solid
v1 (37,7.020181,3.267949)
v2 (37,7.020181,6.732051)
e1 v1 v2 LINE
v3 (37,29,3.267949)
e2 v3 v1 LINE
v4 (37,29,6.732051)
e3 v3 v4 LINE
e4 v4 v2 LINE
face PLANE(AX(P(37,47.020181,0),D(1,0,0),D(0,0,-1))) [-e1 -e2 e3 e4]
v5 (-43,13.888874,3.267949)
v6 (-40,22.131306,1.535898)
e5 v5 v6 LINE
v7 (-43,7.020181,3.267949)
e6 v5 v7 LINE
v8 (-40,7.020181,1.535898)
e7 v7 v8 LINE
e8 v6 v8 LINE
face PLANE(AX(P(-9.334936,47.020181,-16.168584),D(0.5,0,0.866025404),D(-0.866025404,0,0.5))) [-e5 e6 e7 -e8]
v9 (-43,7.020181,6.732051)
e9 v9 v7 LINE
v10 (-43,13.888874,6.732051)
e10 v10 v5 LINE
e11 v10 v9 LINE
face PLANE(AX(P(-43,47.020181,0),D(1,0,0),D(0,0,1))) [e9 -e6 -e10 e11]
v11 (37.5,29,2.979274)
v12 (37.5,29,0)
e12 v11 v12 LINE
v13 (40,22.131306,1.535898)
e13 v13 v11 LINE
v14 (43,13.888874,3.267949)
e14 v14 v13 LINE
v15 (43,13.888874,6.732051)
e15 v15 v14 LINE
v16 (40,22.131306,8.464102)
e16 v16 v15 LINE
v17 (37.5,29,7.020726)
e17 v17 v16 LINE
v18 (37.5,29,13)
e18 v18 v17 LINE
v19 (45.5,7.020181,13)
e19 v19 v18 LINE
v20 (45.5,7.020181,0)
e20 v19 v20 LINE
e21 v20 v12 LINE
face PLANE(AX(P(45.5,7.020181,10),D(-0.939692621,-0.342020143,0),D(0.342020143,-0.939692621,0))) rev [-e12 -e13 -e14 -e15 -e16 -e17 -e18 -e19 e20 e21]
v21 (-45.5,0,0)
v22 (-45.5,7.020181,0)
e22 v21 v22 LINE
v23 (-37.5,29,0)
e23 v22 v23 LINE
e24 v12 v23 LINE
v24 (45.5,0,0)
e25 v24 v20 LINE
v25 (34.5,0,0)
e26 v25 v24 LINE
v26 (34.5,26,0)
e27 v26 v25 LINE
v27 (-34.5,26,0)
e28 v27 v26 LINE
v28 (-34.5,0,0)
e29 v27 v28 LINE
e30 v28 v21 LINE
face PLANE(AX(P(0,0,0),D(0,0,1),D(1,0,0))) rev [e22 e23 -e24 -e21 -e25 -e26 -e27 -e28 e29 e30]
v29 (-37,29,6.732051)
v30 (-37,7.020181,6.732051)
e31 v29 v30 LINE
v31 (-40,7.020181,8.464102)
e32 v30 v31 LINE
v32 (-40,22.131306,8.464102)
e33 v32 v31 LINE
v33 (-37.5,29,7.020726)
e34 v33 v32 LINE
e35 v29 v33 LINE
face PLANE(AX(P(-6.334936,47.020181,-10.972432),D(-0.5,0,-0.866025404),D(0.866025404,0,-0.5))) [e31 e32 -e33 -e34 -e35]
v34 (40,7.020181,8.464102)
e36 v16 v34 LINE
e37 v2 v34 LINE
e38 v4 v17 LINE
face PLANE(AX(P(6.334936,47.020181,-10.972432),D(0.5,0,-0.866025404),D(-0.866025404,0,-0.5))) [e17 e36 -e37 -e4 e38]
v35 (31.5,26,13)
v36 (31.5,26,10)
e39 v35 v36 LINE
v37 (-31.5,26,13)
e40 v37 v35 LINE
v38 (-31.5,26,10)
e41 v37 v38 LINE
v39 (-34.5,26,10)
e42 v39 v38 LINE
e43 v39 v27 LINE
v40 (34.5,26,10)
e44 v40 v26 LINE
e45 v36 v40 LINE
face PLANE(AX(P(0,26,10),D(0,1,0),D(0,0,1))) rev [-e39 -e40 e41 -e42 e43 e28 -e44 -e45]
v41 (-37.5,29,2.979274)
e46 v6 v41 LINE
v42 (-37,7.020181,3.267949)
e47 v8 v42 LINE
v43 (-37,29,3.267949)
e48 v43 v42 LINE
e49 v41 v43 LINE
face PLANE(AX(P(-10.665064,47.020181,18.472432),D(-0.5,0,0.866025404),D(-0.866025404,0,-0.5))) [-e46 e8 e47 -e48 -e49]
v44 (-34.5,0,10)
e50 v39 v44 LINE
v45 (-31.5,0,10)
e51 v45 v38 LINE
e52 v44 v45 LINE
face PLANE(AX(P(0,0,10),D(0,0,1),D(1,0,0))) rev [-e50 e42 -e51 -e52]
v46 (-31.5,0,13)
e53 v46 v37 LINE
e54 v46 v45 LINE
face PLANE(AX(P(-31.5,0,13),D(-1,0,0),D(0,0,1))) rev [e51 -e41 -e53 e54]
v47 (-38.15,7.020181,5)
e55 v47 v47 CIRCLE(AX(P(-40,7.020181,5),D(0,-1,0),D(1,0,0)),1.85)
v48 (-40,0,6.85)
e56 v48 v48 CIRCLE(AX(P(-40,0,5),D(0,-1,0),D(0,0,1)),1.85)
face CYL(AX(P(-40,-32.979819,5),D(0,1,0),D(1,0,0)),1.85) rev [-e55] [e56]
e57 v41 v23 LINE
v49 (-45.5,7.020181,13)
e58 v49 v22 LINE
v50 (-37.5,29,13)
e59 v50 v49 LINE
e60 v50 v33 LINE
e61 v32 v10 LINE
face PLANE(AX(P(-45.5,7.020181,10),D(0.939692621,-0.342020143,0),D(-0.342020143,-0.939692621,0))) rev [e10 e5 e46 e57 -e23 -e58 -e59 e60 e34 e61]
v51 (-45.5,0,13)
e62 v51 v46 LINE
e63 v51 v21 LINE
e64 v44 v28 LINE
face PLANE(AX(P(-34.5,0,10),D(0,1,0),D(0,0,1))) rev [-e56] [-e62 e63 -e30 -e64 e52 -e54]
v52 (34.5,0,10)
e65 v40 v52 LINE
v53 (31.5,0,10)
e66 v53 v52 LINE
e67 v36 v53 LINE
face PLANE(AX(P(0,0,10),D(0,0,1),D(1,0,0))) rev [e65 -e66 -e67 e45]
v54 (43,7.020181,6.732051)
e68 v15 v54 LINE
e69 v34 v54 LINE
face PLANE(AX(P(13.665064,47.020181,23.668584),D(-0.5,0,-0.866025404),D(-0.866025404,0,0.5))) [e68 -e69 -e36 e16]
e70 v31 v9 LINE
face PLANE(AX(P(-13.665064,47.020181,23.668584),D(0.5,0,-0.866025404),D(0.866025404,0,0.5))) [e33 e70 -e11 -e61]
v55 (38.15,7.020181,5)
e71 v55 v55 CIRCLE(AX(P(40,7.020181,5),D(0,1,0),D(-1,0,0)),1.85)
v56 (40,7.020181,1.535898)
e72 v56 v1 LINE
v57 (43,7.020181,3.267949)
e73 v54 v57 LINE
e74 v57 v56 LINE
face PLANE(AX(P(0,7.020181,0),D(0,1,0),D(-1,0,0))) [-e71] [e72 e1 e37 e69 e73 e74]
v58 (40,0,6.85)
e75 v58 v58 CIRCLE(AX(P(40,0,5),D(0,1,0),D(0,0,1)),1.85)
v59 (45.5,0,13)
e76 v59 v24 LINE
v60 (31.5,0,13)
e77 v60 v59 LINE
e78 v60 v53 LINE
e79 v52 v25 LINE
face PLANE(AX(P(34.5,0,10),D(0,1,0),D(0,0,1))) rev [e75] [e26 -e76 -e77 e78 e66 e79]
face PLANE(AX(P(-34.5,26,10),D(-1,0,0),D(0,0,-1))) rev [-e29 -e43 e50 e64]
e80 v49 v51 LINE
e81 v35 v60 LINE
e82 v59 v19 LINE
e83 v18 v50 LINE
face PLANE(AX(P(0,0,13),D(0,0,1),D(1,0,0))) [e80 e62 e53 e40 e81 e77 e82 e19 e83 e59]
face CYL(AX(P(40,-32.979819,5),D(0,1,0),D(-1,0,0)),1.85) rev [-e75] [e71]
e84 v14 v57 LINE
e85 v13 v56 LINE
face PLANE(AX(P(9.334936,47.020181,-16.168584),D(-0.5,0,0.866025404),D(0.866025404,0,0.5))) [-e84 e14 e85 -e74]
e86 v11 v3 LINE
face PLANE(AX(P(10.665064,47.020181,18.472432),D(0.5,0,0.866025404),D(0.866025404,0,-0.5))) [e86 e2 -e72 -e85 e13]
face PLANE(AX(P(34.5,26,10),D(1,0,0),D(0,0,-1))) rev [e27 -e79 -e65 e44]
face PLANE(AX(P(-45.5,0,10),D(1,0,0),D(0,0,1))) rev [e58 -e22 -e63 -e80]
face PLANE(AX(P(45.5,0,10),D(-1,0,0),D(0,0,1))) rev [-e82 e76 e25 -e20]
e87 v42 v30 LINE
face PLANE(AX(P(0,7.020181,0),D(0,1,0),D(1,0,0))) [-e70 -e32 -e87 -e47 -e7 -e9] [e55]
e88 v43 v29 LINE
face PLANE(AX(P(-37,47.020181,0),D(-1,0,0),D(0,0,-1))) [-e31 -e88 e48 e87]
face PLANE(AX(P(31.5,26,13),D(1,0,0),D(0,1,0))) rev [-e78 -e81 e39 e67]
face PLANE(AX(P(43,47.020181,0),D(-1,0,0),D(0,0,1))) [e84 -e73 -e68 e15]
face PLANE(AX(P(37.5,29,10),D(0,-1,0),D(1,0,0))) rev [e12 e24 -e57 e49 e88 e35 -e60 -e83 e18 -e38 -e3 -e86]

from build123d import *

# Parameters (mm, degrees)
BOSS_EXTRUDE1_DEPTH = 10
CUT_EXTRUDE1_DEPTH  = 40
SKETCH2_3_R         = 1.85
CUT_EXTRUDE2_DEPTH  = 40
BOSS_EXTRUDE2_DEPTH = 3


with BuildPart() as part:
    # Sketch1 → Boss-Extrude1 (new body)
    with BuildSketch(Plane.XY):
        Polygon((0, 26), (34.5, 26), (34.5, 0), (45.5, 0), (45.5, 7.020180644), (37.5, 29), (0, 29), align=None)
    extrude(amount=BOSS_EXTRUDE1_DEPTH)

    # Sketch2 → Cut-Extrude1 (cut)
    with BuildSketch(Plane(origin=(0, 7.020180644, 0), x_dir=(1, 0, 0), z_dir=(0, 1, 0))):
        Polygon((37, -6.732050808), (40, -8.464101615), (43, -6.732050808), (43, -3.267949192), (40, -1.535898385), (37, -3.267949192), align=None)
    extrude(amount=CUT_EXTRUDE1_DEPTH, mode=Mode.SUBTRACT)

    # Sketch2<3> → Cut-Extrude2 (cut)
    with BuildSketch(Plane(origin=(0, 7.020180644, 0), x_dir=(1, 0, 0), z_dir=(0, 1, 0))):
        with Locations((40, -5)):
            Circle(SKETCH2_3_R)
    extrude(amount=-CUT_EXTRUDE2_DEPTH, mode=Mode.SUBTRACT)

    # Mirror1: part across plane


with BuildPart() as part_1:
    add(part.part)
    add(part.part.mirror(Plane(origin=(0, 29, 10), x_dir=(0, 0, 1), z_dir=(1, 0, 0))))

    # Sketch3 → Boss-Extrude2 (add)
    with BuildSketch(Plane.XY.offset(10)):
        Polygon((31.5, 0), (45.5, 0), (45.5, 7.020180644), (37.5, 29), (-37.5, 29), (-45.5, 7.020180644), (-45.5, 0), (-31.5, 0), (-31.5, 26), (31.5, 26), align=None)
    extrude(amount=BOSS_EXTRUDE2_DEPTH)


solid = part_1.part
